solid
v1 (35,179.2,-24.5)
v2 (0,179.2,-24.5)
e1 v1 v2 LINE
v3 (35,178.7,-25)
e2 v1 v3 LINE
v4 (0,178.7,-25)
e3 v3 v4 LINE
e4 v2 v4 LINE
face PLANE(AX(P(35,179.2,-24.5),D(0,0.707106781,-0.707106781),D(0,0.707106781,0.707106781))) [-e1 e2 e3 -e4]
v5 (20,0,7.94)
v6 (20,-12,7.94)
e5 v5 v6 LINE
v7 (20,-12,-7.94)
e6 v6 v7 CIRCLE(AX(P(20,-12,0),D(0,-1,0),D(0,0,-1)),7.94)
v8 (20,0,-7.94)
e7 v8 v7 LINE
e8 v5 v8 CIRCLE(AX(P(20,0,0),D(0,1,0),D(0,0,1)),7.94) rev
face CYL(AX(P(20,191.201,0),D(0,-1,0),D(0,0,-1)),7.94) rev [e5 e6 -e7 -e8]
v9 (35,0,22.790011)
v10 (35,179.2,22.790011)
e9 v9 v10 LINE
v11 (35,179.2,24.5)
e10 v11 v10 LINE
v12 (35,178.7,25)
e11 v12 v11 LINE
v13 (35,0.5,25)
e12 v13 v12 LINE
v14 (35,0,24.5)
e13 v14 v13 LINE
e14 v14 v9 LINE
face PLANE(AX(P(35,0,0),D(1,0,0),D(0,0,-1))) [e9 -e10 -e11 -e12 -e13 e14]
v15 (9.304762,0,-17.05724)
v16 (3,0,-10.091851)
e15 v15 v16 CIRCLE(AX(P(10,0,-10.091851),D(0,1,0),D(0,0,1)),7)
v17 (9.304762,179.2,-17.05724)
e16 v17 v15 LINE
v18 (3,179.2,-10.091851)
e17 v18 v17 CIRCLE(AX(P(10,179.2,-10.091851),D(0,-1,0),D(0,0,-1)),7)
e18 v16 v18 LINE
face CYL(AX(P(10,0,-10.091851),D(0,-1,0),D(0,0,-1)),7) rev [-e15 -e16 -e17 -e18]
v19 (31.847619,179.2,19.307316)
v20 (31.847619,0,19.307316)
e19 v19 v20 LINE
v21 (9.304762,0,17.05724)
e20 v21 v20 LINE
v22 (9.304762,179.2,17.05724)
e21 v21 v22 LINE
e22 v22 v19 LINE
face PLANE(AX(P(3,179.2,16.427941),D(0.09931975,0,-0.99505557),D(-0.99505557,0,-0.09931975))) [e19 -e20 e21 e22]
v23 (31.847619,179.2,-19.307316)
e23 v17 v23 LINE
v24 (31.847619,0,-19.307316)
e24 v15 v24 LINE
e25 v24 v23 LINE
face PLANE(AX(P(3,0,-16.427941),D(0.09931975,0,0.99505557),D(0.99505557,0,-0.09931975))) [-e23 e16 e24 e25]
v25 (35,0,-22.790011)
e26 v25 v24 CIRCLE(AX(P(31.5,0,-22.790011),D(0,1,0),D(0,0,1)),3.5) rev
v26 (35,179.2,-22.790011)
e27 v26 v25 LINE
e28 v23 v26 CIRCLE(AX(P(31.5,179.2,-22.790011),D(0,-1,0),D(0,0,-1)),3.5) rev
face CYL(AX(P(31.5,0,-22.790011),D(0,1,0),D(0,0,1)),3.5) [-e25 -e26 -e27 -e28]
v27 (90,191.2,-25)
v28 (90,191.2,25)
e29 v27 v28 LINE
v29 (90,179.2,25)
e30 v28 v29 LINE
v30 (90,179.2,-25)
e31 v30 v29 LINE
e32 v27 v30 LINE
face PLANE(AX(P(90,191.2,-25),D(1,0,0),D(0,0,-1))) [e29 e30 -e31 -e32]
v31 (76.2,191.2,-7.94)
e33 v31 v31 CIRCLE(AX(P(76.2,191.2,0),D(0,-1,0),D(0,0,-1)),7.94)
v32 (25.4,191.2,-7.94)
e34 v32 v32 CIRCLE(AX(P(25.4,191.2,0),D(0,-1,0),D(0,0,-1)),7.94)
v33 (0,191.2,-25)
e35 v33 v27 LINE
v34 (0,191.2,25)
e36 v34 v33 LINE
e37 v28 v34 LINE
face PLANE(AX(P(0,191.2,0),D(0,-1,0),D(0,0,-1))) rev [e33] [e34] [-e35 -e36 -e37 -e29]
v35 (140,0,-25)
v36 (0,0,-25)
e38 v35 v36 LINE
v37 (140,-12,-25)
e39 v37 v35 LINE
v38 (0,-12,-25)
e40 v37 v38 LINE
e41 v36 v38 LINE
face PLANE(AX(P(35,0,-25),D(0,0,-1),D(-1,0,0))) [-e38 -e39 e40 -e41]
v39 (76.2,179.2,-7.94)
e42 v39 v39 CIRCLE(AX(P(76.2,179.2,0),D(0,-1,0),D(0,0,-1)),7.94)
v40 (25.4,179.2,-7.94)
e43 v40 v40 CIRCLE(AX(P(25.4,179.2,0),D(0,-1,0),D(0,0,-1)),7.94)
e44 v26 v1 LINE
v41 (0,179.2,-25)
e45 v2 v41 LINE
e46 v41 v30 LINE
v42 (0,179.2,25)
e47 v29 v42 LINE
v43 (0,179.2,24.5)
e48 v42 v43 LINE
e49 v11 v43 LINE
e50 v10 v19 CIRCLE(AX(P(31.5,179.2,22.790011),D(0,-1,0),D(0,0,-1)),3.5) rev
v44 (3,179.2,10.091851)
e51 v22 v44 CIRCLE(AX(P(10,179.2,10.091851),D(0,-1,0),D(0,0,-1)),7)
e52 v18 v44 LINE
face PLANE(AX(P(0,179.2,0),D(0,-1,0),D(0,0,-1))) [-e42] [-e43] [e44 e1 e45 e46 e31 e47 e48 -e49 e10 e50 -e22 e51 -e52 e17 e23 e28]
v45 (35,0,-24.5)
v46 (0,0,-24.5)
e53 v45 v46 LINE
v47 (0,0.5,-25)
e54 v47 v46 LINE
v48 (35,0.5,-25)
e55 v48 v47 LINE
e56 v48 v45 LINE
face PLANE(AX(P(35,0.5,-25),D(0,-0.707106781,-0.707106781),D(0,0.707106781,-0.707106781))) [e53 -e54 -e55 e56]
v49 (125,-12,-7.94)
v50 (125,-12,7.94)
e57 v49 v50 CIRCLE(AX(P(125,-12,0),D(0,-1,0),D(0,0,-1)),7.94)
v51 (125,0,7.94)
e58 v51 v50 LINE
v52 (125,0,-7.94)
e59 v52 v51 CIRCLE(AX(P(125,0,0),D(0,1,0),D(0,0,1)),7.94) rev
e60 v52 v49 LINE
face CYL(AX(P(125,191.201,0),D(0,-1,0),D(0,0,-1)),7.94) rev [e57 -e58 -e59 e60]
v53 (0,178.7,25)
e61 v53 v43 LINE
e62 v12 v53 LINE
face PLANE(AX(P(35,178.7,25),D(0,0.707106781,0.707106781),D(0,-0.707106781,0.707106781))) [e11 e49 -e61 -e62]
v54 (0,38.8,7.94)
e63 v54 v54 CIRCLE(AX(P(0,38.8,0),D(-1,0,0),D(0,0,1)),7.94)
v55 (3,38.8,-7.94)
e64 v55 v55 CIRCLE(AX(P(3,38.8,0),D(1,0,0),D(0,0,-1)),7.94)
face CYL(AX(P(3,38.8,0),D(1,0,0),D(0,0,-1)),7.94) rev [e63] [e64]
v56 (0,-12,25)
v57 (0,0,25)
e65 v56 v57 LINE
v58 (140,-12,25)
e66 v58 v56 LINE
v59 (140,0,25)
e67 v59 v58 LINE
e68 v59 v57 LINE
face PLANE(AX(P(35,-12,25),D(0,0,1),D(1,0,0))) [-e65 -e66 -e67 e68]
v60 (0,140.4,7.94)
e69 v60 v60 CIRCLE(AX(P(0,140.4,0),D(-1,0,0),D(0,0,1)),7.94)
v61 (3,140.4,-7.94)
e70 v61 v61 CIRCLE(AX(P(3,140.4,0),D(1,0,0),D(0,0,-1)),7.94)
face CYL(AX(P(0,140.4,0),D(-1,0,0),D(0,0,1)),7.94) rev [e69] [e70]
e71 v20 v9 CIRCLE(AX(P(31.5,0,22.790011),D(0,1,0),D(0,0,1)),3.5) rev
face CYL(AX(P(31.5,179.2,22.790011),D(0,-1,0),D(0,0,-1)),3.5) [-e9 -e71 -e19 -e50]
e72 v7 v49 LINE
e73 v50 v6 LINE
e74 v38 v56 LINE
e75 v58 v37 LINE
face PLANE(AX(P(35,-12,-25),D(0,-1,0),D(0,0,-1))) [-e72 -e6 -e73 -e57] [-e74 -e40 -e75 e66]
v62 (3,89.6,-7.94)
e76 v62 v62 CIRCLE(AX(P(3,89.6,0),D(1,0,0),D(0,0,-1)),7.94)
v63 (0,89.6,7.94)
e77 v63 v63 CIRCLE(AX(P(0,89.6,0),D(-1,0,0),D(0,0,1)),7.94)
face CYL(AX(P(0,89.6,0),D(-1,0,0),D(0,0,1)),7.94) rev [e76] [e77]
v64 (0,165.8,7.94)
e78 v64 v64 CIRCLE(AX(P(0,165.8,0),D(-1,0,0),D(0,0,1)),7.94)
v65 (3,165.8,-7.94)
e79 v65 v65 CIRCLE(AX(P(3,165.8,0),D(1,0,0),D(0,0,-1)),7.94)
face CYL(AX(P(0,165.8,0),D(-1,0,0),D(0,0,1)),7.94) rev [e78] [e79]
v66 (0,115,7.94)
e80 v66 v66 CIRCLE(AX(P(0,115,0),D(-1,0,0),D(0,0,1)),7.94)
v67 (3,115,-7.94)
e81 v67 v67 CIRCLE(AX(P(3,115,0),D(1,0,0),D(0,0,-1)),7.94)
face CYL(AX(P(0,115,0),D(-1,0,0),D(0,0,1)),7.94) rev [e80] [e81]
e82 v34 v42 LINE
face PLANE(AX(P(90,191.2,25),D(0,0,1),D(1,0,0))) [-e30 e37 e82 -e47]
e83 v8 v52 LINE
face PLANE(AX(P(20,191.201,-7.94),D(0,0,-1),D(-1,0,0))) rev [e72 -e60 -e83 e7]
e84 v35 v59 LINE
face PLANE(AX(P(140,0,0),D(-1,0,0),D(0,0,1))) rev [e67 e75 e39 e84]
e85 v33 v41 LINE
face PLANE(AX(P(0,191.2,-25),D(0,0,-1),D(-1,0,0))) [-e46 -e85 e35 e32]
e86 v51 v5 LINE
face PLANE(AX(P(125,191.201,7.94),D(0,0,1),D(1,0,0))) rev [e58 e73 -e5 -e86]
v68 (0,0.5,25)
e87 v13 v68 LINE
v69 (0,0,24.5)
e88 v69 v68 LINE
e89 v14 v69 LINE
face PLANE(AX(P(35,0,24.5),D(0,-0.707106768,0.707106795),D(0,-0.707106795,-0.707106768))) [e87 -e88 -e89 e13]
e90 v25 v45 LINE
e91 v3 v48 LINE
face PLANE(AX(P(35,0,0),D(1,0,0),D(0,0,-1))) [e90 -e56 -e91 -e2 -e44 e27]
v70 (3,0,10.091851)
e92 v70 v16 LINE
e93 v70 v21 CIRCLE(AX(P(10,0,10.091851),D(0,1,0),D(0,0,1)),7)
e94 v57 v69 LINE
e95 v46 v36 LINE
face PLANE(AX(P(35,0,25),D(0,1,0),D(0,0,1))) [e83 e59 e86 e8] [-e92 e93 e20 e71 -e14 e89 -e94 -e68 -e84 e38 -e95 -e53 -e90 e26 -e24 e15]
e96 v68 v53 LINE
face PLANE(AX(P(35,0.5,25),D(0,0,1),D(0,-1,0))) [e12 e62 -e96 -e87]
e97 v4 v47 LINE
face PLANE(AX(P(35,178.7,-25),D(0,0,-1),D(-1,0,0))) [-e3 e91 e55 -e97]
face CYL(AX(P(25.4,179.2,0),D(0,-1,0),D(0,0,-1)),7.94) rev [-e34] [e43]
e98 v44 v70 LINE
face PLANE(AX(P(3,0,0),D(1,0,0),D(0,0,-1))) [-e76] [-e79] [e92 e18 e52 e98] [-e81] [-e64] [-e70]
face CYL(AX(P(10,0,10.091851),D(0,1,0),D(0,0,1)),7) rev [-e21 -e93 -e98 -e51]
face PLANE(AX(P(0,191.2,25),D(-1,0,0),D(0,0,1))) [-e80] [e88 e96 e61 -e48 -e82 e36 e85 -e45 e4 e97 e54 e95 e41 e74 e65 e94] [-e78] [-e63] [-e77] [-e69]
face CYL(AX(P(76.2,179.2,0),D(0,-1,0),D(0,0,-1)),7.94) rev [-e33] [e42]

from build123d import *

# Parameters (mm, degrees)
SKETCH1_W                 = 90
SKETCH1_H                 = 50
BOSS_EXTRUDE1_DEPTH       = 11.999999994
BOSS_EXTRUDE2_DEPTH       = 35
SKETCH3_W                 = 50
SKETCH3_H                 = 12
BOSS_EXTRUDE3_DEPTH       = 105
SKETCH4_W                 = 32.855882012
SKETCH4_H                 = 179.2
CUT_EXTRUDE1_DEPTH        = 32
CUT_EXTRUDE2_REACH        = 250.023
DRAFT1_ANGLE              = 5.699999999
M13_CLEARANCE_HOLE1_D     = 15.88
M13_CLEARANCE_HOLE2_D     = 15.88
M13_CLEARANCE_HOLE2_DEPTH = 140
M13_CLEARANCE_HOLE3_D     = 15.88
FILLET1_R                 = 3.5
FILLET2_R                 = 7


with BuildPart() as part:
    # Sketch1 → Boss-Extrude1 (new body)
    with BuildSketch(Plane.XZ.offset(-179.2)):
        with Locations((45, 0)):
            Rectangle(SKETCH1_W, SKETCH1_H)
    extrude(amount=-BOSS_EXTRUDE1_DEPTH)

    # Sketch2 → Boss-Extrude2 (add)
    with BuildSketch(Plane(origin=(0, 0, 0), x_dir=(0, -1, 0), z_dir=(-1, 0, 0))):
        Polygon((-0.5, -25), (0, -24.5), (0, -25), (12, -25), (12, 25), (0, 25), (0, 24.5), (-0.500000019, 25), (-178.7, 25), (-179.2, 24.5), (-179.2, -24.5), (-178.7, -25), align=None)
    extrude(amount=-BOSS_EXTRUDE2_DEPTH)

    # Sketch3 → Boss-Extrude3 (add)
    with BuildSketch(Plane(origin=(35, 0, 0), x_dir=(0, 0, -1), z_dir=(1, 0, 0))):
        with Locations((0, -5.999999989)):
            Rectangle(SKETCH3_W, SKETCH3_H)
    extrude(amount=BOSS_EXTRUDE3_DEPTH)

    # Sketch4 → Cut-Extrude1 (cut)
    with BuildSketch(Plane(origin=(35, 0, 0), x_dir=(0, 0, -1), z_dir=(1, 0, 0))):
        with Locations((0, 89.600000011)):
            Rectangle(SKETCH4_W, SKETCH4_H)
    extrude(amount=-CUT_EXTRUDE1_DEPTH, mode=Mode.SUBTRACT)

    # Sketch5 → Cut-Extrude2 (cut, up to next)
    with BuildSketch(Plane.XZ.offset(12), mode=Mode.PRIVATE) as cut_extrude2_sk1:
        with BuildLine():
            Line((125, 7.94), (20, 7.94))
            ThreePointArc((20, 7.94), (12.06, 0), (20, -7.94))
            Line((20, -7.94), (125, -7.94))
            ThreePointArc((125, -7.94), (132.94, 0), (125, 7.94))
        make_face()
    cut_extrude2_tool1 = extrude(cut_extrude2_sk1.sketch, amount=-CUT_EXTRUDE2_REACH, mode=Mode.PRIVATE) & part.part
    add(cut_extrude2_tool1.solids().sort_by_distance((72.5, -12, 0))[0], mode=Mode.SUBTRACT)

    # Draft1
    draft1_faces = [part.faces().sort_by_distance(p)[0] for p in [
        (19, 89.600000011, -16.427941006),
        (19, 89.600000011, 16.427941006),
    ]]
    draft(draft1_faces, Plane(origin=(3, 0, 0), x_dir=(0, 0, 1), z_dir=(1, 0, 0)), DRAFT1_ANGLE)

    # M13 Clearance Hole1 (through all)
    with Locations(Plane(origin=(3, 0, 0), x_dir=(0, 0, -1), z_dir=(1, 0, 0))):
        with Locations((0, 38.8)):
            Hole(M13_CLEARANCE_HOLE1_D / 2)

    # M13 Clearance Hole2
    with Locations(Plane.ZY):
        with Locations((0, 89.6), (0, 115), (0, 140.4), (0, 165.8)):
            Hole(M13_CLEARANCE_HOLE2_D / 2, depth=M13_CLEARANCE_HOLE2_DEPTH)

    # M13 Clearance Hole3 (through all)
    with Locations(Plane(origin=(0, 179.2, 0), x_dir=(-1, 0, 0), z_dir=(0, -1, 0))):
        with Locations((-76.2, 0), (-25.4, 0)):
            Hole(M13_CLEARANCE_HOLE3_D / 2)

    # Fillet1
    fillet1_edges = [part.edges().sort_by_distance(p)[0] for p in [
        (35, 89.6, 19.621965629),
        (35, 89.6, -19.621965629),
    ]]
    fillet(fillet1_edges, radius=FILLET1_R)

    # Fillet2
    fillet2_edges = [part.edges().sort_by_distance(p)[0] for p in [
        (3, 89.6, 16.427941006),
        (3, 89.6, -16.427941006),
    ]]
    fillet(fillet2_edges, radius=FILLET2_R)


solid = part.part
